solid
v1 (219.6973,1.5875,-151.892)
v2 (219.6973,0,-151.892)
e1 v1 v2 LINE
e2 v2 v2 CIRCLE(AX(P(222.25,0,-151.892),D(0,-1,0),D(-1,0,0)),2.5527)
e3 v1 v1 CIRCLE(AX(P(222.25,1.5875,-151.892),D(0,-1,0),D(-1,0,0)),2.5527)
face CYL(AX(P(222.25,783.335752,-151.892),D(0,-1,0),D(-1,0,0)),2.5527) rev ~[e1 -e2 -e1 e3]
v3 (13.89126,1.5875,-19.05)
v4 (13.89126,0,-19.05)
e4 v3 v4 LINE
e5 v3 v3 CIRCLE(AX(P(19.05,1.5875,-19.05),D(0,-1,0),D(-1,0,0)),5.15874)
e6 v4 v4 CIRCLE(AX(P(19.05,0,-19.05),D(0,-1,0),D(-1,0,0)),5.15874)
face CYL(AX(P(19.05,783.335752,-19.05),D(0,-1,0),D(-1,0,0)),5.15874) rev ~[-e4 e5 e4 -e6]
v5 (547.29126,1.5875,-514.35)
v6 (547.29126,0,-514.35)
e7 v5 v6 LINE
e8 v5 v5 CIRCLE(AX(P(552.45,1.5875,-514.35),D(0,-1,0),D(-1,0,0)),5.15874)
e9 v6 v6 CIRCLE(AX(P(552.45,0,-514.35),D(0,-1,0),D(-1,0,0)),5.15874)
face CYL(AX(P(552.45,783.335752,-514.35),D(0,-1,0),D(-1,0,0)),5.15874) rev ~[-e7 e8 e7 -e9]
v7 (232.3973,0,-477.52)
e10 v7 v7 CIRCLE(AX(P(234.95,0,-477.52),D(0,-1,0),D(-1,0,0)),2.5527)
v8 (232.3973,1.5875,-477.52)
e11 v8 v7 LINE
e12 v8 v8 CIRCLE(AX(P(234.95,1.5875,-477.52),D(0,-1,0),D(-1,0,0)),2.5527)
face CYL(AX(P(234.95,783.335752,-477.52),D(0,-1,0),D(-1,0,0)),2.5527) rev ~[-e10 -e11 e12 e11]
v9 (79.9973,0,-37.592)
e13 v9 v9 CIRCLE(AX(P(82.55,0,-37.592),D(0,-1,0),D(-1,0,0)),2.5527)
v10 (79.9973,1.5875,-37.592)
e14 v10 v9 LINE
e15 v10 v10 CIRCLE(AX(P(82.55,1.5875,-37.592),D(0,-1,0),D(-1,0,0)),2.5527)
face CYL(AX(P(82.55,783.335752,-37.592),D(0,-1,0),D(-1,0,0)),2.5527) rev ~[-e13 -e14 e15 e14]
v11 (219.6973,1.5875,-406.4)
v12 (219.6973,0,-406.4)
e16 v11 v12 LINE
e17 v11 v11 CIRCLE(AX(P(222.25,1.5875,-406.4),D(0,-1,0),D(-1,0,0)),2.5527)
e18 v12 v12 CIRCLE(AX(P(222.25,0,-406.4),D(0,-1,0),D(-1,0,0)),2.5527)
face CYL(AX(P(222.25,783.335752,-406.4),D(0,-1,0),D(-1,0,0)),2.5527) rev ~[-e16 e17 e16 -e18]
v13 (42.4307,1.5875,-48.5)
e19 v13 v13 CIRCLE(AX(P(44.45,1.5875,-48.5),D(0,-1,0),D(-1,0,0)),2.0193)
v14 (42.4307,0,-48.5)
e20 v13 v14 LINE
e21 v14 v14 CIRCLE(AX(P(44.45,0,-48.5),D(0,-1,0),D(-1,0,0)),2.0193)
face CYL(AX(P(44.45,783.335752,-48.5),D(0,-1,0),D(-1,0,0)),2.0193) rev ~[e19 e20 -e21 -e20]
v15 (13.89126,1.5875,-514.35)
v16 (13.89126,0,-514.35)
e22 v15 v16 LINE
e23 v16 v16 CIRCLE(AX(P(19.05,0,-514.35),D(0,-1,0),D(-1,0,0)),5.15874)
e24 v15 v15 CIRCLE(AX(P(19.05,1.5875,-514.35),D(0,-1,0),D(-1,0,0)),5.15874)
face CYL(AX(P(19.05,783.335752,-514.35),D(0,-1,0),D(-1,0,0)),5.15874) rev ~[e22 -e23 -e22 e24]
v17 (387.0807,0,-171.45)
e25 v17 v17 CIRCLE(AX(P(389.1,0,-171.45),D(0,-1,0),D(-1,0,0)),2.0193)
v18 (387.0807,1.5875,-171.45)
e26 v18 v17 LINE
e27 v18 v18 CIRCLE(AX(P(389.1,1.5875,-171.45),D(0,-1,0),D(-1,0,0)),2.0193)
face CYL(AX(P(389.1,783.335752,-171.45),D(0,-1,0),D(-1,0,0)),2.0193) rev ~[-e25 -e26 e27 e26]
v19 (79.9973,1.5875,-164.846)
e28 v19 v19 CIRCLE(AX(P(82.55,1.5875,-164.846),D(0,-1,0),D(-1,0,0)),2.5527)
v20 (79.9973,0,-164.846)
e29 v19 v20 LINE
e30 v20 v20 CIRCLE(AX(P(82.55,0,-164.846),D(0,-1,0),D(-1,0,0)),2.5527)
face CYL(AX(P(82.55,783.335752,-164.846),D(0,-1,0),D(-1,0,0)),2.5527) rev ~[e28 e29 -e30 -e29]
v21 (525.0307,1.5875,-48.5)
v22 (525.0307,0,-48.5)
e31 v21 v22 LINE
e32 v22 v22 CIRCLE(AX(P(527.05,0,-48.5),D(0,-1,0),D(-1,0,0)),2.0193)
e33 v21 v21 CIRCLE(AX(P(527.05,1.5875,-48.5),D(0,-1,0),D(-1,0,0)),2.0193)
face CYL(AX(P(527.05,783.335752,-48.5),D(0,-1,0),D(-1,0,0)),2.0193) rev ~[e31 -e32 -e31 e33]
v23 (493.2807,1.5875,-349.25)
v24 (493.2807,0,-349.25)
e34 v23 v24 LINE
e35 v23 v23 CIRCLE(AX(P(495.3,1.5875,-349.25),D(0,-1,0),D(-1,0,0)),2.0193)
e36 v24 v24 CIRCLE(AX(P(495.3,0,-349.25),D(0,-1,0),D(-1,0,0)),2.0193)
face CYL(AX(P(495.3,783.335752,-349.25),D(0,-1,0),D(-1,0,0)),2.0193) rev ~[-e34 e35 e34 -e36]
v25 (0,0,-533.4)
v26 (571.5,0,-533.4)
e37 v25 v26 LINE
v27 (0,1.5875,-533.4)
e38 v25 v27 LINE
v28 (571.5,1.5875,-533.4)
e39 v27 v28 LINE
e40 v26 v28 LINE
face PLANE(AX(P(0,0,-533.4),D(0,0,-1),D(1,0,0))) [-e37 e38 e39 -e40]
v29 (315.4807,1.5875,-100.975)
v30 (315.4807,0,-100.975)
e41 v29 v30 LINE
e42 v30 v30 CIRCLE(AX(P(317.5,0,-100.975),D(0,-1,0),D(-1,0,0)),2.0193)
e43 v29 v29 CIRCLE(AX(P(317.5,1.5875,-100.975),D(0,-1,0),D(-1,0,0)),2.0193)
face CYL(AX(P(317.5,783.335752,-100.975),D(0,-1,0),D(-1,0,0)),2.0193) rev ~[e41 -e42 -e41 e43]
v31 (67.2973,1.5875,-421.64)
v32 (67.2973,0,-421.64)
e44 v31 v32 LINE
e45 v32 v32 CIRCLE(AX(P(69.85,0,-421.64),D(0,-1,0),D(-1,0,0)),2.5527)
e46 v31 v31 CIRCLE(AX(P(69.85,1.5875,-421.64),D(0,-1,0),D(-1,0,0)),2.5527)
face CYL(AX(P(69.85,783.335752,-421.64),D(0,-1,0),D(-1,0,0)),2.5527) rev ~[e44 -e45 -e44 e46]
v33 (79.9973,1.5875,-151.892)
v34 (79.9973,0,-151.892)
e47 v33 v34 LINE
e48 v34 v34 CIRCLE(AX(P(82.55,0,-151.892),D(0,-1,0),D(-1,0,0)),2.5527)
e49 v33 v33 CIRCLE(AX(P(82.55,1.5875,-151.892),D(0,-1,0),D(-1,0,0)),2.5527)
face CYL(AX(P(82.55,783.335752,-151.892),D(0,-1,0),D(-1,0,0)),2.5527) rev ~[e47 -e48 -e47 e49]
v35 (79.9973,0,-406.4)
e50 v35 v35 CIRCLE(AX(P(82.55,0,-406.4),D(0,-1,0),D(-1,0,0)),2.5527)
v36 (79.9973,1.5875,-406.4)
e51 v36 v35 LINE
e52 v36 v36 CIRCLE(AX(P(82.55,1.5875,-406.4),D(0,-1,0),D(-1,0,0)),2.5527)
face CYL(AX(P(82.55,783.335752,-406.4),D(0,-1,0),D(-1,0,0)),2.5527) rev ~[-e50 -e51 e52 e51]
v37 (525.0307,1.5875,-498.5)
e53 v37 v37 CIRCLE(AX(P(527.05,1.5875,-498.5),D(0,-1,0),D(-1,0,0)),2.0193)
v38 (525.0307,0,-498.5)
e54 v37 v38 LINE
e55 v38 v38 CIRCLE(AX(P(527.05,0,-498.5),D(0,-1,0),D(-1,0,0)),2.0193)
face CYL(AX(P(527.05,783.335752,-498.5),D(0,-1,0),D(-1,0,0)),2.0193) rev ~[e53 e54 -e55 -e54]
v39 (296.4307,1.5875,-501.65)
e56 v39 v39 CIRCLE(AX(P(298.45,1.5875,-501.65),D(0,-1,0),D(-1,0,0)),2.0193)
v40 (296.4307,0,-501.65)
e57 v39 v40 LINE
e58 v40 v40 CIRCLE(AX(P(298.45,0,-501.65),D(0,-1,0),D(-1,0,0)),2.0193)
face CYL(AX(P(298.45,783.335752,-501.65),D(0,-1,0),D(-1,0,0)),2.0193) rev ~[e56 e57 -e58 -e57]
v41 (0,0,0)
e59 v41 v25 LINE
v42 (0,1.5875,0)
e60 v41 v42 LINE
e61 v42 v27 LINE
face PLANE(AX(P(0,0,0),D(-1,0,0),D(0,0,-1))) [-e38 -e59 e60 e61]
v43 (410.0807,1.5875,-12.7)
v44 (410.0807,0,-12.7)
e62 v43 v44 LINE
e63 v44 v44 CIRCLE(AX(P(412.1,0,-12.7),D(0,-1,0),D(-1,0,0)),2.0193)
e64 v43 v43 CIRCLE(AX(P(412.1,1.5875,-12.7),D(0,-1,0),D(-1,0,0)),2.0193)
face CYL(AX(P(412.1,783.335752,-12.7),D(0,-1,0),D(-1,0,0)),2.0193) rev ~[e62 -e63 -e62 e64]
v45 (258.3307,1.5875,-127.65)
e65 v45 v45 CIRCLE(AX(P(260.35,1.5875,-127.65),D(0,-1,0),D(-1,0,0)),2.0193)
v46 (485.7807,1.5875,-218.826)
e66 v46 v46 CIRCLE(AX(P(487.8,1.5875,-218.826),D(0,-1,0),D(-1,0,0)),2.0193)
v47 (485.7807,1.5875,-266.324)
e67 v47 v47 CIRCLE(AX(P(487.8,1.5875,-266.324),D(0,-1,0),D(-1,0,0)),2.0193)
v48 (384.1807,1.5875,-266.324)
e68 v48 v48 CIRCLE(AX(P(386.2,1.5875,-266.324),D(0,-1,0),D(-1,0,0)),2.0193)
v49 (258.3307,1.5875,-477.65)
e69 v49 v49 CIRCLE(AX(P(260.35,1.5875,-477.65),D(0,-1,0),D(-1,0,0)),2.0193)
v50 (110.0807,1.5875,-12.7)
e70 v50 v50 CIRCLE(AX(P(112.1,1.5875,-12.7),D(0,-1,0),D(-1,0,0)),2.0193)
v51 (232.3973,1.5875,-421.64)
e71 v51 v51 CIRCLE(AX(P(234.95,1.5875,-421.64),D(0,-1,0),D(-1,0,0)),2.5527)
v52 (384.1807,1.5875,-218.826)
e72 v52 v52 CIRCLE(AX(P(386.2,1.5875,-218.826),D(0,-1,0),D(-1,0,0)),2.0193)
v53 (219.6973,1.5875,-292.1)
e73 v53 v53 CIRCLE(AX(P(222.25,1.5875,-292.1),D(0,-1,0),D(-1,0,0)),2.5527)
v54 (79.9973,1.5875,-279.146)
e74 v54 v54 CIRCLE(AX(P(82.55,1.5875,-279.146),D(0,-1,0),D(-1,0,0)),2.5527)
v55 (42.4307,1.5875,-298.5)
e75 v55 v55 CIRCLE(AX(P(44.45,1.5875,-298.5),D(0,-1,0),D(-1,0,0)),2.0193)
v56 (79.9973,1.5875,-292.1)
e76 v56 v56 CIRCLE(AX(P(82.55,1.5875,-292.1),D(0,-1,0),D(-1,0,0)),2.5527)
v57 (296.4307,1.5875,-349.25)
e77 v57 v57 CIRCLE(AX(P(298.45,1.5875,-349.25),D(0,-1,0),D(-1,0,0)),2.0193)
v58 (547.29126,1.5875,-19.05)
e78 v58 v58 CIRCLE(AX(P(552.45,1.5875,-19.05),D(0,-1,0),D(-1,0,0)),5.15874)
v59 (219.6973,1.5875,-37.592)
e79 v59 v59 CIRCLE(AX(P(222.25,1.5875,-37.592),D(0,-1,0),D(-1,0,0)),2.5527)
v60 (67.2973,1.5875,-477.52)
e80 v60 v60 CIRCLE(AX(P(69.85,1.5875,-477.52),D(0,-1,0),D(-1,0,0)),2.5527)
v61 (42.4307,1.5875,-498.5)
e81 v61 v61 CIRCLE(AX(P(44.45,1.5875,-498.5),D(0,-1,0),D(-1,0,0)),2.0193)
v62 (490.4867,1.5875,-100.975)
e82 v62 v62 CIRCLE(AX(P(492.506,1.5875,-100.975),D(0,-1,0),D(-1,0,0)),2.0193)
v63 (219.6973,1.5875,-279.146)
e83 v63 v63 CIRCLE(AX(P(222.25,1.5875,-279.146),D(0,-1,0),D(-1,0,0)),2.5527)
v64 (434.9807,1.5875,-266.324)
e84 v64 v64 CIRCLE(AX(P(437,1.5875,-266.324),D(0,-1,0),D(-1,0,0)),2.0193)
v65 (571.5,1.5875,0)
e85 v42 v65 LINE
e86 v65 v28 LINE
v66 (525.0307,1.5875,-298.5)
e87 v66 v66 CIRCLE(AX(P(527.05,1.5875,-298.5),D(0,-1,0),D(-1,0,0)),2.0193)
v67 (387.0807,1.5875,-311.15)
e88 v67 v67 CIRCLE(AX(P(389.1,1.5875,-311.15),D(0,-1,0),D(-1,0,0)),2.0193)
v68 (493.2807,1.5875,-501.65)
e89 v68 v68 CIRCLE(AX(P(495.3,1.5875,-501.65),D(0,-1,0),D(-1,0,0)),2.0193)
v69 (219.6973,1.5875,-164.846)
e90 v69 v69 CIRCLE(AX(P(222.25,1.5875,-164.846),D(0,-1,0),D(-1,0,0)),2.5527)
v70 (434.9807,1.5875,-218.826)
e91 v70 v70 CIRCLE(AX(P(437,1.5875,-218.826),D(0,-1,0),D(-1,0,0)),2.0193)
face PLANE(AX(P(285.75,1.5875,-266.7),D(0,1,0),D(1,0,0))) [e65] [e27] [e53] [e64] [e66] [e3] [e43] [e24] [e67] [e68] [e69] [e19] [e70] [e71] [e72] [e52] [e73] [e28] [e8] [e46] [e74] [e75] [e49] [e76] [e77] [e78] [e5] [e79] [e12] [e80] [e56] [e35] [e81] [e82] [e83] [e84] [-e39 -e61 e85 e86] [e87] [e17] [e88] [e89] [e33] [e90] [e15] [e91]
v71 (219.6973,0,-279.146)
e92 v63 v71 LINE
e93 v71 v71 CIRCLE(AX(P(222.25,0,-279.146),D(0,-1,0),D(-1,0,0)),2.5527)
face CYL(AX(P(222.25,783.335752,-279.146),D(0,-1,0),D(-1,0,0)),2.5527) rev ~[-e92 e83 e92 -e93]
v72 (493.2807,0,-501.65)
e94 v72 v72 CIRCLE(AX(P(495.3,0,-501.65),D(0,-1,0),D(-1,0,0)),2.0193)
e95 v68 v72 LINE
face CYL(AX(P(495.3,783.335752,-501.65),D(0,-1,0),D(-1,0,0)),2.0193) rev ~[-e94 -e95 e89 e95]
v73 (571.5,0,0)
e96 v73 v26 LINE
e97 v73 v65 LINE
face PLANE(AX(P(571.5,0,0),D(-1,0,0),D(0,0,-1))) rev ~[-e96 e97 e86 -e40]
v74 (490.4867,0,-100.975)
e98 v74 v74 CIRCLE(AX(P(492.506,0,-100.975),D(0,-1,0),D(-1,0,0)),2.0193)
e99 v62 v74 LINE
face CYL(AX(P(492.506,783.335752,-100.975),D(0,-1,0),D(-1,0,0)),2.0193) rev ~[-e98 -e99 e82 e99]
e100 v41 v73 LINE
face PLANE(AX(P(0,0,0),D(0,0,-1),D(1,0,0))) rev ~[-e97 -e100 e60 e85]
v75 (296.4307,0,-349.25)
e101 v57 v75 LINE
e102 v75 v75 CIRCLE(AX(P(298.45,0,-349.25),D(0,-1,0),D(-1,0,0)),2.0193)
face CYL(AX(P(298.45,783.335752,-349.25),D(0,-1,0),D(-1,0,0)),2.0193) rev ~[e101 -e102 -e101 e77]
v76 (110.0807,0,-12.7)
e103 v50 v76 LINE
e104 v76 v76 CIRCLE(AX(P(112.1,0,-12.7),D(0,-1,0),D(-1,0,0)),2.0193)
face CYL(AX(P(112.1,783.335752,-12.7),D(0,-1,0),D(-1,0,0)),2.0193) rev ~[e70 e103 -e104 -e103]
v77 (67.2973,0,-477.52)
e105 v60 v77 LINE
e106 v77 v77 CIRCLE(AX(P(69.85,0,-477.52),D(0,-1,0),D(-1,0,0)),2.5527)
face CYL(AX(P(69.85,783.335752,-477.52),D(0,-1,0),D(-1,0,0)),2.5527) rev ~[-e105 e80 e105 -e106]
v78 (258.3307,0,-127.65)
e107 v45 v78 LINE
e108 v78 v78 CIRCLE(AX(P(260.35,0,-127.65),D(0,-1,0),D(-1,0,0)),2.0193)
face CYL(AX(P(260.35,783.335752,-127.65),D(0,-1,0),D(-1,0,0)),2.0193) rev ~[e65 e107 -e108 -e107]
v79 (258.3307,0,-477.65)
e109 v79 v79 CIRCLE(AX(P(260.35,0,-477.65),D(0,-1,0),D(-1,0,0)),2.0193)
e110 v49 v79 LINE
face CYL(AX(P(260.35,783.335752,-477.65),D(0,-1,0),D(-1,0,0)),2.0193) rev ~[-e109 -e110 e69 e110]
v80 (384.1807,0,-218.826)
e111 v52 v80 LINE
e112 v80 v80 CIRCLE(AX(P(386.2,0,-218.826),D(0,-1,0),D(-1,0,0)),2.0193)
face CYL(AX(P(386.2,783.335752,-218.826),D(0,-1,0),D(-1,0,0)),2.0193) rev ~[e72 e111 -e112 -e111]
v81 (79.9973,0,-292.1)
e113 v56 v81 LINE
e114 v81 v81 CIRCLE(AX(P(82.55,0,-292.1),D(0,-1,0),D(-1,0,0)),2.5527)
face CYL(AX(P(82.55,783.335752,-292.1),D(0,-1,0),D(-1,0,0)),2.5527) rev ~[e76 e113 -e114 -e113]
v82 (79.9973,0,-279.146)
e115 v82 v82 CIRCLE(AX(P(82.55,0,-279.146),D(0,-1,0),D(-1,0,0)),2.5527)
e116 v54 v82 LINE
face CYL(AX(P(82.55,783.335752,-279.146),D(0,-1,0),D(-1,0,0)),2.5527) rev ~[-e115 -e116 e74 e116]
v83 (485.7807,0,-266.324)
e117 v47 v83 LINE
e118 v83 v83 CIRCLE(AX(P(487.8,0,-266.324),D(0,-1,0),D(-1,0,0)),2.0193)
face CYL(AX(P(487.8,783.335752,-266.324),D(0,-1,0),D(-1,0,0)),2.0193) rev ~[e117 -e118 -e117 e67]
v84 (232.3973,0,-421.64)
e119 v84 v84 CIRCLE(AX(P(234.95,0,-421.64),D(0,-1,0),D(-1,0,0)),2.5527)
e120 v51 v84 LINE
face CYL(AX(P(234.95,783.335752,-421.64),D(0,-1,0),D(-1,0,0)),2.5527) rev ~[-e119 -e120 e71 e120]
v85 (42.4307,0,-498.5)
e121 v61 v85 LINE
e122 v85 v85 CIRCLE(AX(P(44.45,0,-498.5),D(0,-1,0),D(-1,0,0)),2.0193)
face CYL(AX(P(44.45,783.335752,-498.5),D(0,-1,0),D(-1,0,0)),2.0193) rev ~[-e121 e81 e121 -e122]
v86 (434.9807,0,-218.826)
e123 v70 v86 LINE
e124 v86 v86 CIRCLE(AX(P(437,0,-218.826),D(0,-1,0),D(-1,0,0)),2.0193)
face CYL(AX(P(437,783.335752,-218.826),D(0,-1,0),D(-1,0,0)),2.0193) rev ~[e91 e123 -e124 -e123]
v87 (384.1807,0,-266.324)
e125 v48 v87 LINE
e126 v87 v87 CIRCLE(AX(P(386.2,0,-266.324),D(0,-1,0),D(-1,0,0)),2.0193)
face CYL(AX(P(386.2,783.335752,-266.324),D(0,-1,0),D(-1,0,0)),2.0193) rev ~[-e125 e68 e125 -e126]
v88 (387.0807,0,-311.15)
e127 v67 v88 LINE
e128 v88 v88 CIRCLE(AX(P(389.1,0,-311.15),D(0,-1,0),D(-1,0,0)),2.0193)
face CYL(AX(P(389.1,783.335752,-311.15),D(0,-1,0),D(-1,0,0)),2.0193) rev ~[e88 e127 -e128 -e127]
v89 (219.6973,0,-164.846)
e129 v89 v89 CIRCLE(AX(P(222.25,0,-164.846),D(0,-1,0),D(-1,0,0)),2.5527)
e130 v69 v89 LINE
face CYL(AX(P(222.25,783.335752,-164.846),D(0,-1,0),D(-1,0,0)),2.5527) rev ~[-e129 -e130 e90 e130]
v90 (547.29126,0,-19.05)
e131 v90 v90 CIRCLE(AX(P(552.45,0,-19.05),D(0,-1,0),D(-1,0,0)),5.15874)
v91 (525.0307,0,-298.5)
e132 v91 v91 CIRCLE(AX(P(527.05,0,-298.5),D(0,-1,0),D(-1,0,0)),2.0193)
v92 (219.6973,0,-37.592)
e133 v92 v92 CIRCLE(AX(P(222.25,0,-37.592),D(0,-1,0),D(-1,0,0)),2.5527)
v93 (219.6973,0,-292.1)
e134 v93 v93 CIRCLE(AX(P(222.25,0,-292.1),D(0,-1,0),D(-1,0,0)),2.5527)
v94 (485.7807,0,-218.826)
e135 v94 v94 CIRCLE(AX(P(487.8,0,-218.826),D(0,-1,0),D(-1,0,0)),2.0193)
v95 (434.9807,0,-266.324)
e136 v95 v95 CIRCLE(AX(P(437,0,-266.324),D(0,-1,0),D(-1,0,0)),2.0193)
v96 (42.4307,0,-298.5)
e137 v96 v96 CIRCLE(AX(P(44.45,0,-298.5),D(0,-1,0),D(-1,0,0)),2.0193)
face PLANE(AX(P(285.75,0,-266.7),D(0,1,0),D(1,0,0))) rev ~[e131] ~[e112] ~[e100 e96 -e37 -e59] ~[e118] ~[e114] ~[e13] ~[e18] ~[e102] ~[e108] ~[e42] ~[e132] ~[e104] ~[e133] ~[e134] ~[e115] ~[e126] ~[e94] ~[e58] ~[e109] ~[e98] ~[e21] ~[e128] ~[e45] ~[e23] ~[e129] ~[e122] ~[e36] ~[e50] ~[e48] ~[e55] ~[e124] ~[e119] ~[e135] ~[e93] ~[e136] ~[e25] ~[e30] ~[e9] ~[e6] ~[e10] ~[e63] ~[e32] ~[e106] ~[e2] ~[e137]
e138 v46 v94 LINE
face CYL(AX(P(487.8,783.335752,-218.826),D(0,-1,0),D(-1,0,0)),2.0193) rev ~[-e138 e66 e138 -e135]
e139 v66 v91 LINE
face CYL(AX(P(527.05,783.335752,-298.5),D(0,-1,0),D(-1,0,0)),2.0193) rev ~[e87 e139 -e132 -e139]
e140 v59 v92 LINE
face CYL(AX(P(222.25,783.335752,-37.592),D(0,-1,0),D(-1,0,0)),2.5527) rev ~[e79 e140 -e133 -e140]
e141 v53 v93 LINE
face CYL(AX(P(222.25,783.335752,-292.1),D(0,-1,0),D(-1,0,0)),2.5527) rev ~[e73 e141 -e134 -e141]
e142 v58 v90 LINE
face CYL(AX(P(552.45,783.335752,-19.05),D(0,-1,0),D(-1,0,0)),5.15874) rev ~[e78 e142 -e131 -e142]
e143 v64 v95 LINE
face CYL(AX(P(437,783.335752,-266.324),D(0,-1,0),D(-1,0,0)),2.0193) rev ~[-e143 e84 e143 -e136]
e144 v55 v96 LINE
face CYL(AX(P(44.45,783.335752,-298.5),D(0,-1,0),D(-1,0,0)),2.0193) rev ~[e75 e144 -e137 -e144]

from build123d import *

# Parameters (mm, degrees)
SKETCH1_W               = 571.5
SKETCH1_H               = 533.4
BOSS_EXTRUDE1_DEPTH     = 1.5875
F_10_32_TAPPED_HOLE1_D  = 4.0386
F_1_4_20_TAPPED_HOLE1_D = 5.1054
F_10_32_TAPPED_HOLE2_D  = 4.0386
F_10_32_TAPPED_HOLE3_D  = 4.0386
F_3_8_CLEARANCE_HOLE1_D = 10.31748
F_10_32_TAPPED_HOLE4_D  = 4.0386


with BuildPart() as part:
    # Sketch1 → Boss-Extrude1 (new body)
    with BuildSketch(Plane(origin=(0, 0, 0), x_dir=(1, 0, 0), z_dir=(0, 1, 0))):
        with Locations((285.75, 266.7)):
            Rectangle(SKETCH1_W, SKETCH1_H)
    extrude(amount=BOSS_EXTRUDE1_DEPTH)

    # #10-32 Tapped Hole1 (through all)
    with Locations(Plane(origin=(0, 1.5875, 0), x_dir=(1, 0, 0), z_dir=(0, 1, 0))):
        with Locations((298.45, 501.65), (495.3, 501.65), (298.45, 349.25), (495.3, 349.25)):
            Hole(F_10_32_TAPPED_HOLE1_D / 2)

    # 1/4-20 Tapped Hole1 (through all)
    with Locations(Plane(origin=(0, 1.5875, 0), x_dir=(1, 0, 0), z_dir=(0, 1, 0))):
        with Locations((82.55, 406.4), (82.55, 292.1), (222.25, 292.1), (222.25, 406.4), (82.55, 279.146), (82.55, 164.846), (222.25, 164.846), (222.25, 279.146), (82.55, 151.892), (82.55, 37.592), (222.25, 37.592), (222.25, 151.892), (69.85, 477.52), (234.95, 421.64), (69.85, 421.64), (234.95, 477.52)):
            Hole(F_1_4_20_TAPPED_HOLE1_D / 2)

    # #10-32 Tapped Hole2 (through all)
    with Locations(Plane(origin=(0, 1.5875, 0), x_dir=(1, 0, 0), z_dir=(0, 1, 0))):
        with Locations((386.19999976, 266.324), (386.19999976, 218.826), (436.99999976, 266.324), (436.99999976, 218.826), (487.79999976, 266.324), (487.79999976, 218.826)):
            Hole(F_10_32_TAPPED_HOLE2_D / 2)

    # #10-32 Tapped Hole3 (through all)
    with Locations(Plane(origin=(0, 1.5875, 0), x_dir=(1, 0, 0), z_dir=(0, 1, 0))):
        with Locations((317.5, 100.975), (492.506, 100.975)):
            Hole(F_10_32_TAPPED_HOLE3_D / 2)

    # 3/8 Clearance Hole1 (through all)
    with Locations(Plane(origin=(0, 1.5875, 0), x_dir=(1, 0, 0), z_dir=(0, 1, 0))):
        with Locations((19.05, 514.35), (552.45, 514.35), (552.45, 19.05), (19.05, 19.05)):
            Hole(F_3_8_CLEARANCE_HOLE1_D / 2)

    # #10-32 Tapped Hole4 (through all)
    with Locations(Plane(origin=(0, 1.5875, 0), x_dir=(1, 0, 0), z_dir=(0, 1, 0))):
        with Locations((44.45, 498.5), (44.45, 48.5), (44.45, 298.5), (527.05, 48.5), (527.05, 498.5), (527.05, 298.5), (260.35, 127.65), (260.35, 477.65), (389.1, 311.15), (389.1, 171.45), (412.1, 12.7), (112.1, 12.7)):
            Hole(F_10_32_TAPPED_HOLE4_D / 2)


solid = part.part
